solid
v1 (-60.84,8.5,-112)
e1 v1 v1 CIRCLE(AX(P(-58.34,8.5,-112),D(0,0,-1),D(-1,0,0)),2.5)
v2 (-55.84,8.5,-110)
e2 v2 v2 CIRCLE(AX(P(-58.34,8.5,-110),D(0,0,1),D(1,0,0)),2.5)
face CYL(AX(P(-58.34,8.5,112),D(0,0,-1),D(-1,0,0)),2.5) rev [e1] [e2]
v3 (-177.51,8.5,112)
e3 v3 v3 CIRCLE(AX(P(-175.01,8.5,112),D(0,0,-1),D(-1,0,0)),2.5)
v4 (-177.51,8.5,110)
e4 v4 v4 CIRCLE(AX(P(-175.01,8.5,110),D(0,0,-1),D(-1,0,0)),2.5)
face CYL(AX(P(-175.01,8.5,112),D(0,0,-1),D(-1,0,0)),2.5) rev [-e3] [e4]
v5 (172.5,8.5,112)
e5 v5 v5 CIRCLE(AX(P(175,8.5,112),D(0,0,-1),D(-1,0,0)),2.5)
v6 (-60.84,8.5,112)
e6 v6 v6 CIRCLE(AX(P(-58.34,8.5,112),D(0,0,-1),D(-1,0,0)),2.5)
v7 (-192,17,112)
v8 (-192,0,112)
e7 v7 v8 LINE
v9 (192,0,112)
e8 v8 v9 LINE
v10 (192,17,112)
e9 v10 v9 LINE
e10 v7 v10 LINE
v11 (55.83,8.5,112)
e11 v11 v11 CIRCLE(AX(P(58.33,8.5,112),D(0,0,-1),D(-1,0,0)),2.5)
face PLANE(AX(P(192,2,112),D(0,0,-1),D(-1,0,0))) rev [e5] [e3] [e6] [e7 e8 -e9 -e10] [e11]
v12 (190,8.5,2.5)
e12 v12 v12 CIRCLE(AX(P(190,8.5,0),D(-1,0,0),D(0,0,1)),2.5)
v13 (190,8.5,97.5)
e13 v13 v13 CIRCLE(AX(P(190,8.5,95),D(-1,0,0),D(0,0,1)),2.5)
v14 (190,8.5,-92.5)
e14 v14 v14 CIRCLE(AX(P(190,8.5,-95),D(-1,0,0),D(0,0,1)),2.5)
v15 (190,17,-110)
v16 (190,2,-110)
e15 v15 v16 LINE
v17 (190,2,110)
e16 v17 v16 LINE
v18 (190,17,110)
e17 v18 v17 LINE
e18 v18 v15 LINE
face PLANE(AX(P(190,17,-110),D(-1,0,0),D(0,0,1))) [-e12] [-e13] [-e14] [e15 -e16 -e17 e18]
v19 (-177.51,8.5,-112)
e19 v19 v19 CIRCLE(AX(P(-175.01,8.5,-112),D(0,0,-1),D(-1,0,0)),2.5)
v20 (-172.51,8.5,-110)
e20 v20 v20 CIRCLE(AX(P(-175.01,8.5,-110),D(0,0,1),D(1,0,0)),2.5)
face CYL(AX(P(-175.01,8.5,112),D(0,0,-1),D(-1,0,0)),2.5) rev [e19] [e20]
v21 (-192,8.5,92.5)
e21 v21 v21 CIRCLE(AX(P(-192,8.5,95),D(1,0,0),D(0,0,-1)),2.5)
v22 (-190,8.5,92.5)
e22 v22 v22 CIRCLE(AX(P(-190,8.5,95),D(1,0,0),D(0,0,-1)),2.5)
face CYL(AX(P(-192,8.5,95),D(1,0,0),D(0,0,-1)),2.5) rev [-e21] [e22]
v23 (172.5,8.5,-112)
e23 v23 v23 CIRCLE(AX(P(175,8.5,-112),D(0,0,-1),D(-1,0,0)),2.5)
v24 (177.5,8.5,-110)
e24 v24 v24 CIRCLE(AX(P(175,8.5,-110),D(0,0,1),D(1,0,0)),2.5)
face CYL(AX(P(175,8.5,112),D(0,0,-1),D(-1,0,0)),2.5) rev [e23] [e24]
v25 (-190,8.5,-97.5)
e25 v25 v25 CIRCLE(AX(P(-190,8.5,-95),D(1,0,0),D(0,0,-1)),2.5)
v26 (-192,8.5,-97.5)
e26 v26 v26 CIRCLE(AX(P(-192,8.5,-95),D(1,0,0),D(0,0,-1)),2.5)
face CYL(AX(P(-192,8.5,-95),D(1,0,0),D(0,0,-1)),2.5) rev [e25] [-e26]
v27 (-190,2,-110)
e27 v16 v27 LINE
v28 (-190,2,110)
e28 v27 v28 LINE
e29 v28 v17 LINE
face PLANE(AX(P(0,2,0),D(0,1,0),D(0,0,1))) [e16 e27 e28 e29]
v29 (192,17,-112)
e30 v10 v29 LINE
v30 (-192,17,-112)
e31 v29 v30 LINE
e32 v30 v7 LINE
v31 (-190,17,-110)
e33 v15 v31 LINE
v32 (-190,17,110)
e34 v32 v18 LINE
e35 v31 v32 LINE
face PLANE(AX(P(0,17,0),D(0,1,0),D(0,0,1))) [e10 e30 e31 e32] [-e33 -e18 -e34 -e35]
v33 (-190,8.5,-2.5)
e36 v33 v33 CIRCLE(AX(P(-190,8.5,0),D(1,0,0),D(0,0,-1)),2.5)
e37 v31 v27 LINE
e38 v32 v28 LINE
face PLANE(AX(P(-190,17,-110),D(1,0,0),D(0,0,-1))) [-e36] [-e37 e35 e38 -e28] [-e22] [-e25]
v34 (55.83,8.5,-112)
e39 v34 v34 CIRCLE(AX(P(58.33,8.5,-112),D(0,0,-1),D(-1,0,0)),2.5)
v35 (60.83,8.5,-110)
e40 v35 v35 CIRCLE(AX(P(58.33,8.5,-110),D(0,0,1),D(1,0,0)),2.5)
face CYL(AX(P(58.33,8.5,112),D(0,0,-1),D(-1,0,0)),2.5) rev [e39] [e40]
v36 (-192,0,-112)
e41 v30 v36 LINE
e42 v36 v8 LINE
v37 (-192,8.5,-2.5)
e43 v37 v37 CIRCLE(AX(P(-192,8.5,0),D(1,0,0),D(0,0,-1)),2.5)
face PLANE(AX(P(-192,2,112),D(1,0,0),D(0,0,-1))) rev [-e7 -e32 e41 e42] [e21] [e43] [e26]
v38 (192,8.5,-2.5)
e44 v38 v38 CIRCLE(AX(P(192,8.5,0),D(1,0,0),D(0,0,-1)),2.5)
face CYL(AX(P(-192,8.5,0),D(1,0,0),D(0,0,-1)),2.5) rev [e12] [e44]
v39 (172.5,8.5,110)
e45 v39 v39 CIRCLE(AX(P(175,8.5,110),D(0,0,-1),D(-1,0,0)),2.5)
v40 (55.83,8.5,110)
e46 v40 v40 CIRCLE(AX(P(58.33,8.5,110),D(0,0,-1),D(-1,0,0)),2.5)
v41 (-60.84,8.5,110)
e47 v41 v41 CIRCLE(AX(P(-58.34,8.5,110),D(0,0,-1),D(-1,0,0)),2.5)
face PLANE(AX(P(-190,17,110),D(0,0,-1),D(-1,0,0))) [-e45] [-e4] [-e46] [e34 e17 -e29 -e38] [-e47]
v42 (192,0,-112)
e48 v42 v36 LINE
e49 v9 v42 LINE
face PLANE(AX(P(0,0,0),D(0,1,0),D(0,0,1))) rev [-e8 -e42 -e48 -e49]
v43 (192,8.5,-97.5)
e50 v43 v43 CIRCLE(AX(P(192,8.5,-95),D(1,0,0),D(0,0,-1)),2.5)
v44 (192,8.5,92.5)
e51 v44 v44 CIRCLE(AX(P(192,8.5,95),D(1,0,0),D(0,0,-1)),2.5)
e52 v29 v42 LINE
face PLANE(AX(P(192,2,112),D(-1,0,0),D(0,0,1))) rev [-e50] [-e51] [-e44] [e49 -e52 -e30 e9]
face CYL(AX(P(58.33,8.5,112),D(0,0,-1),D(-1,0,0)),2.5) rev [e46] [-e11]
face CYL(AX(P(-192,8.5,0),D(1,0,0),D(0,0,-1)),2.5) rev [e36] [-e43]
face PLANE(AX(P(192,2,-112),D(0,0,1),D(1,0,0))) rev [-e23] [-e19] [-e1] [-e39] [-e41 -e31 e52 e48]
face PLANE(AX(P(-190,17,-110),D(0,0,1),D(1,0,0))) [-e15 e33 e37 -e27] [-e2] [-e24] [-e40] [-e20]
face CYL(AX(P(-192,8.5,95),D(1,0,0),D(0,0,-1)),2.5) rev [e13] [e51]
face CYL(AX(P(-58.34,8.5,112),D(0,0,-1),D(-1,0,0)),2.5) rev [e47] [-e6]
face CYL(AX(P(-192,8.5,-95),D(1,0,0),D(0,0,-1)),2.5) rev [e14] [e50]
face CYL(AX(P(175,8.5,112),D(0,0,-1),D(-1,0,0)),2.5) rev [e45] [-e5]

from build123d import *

# Parameters (mm, degrees)
SKETCH_1_W          = 384
SKETCH_1_H          = 224
EXTRUDE_1_DEPTH     = 2
SKETCH_2_W          = 384
SKETCH_2_H          = 224
SKETCH_2_W_2        = 380
SKETCH_2_H_2        = 220
EXTRUDE_2_DEPTH     = 15
SKETCH_3_R          = 2.5
CUT_EXTRUDE_1_DEPTH = 296.514805044
SKETCH_4_R          = 2.5
CUT_EXTRUDE_2_DEPTH = 401.36108702


with BuildPart() as part:
    # 草图1 → 凸台-拉伸1 (new body)
    with BuildSketch(Plane(origin=(0, 0, 0), x_dir=(1, 0, 0), z_dir=(0, 1, 0))):
        Rectangle(SKETCH_1_W, SKETCH_1_H)
    extrude(amount=EXTRUDE_1_DEPTH)

    # 草图2 → 凸台-拉伸2 (add)
    with BuildSketch(Plane(origin=(0, 2, 0), x_dir=(1, 0, 0), z_dir=(0, 1, 0))):
        Rectangle(SKETCH_2_W, SKETCH_2_H)
        Rectangle(SKETCH_2_W_2, SKETCH_2_H_2, mode=Mode.SUBTRACT)
    extrude(amount=EXTRUDE_2_DEPTH)

    # 草图3 → 切除-拉伸1 (cut, through all)
    with BuildSketch(Plane(origin=(0, 0, -112), x_dir=(-1, 0, 0), z_dir=(0, 0, -1))):
        with Locations((-175, 8.5)):
            Circle(SKETCH_3_R)
        with Locations((-58.33, 8.5)):
            Circle(SKETCH_3_R)
        with Locations((58.34, 8.5)):
            Circle(SKETCH_3_R)
        with Locations((175.01, 8.5)):
            Circle(SKETCH_3_R)
    extrude(amount=-CUT_EXTRUDE_1_DEPTH, mode=Mode.SUBTRACT)

    # 草图4 → 切除-拉伸2 (cut, through all)
    with BuildSketch(Plane(origin=(192, 0, 0), x_dir=(0, 0, -1), z_dir=(1, 0, 0))):
        with Locations((-95, 8.5)):
            Circle(SKETCH_4_R)
        with Locations((0, 8.5)):
            Circle(SKETCH_4_R)
        with Locations((95, 8.5)):
            Circle(SKETCH_4_R)
    extrude(amount=-CUT_EXTRUDE_2_DEPTH, mode=Mode.SUBTRACT)


solid = part.part
